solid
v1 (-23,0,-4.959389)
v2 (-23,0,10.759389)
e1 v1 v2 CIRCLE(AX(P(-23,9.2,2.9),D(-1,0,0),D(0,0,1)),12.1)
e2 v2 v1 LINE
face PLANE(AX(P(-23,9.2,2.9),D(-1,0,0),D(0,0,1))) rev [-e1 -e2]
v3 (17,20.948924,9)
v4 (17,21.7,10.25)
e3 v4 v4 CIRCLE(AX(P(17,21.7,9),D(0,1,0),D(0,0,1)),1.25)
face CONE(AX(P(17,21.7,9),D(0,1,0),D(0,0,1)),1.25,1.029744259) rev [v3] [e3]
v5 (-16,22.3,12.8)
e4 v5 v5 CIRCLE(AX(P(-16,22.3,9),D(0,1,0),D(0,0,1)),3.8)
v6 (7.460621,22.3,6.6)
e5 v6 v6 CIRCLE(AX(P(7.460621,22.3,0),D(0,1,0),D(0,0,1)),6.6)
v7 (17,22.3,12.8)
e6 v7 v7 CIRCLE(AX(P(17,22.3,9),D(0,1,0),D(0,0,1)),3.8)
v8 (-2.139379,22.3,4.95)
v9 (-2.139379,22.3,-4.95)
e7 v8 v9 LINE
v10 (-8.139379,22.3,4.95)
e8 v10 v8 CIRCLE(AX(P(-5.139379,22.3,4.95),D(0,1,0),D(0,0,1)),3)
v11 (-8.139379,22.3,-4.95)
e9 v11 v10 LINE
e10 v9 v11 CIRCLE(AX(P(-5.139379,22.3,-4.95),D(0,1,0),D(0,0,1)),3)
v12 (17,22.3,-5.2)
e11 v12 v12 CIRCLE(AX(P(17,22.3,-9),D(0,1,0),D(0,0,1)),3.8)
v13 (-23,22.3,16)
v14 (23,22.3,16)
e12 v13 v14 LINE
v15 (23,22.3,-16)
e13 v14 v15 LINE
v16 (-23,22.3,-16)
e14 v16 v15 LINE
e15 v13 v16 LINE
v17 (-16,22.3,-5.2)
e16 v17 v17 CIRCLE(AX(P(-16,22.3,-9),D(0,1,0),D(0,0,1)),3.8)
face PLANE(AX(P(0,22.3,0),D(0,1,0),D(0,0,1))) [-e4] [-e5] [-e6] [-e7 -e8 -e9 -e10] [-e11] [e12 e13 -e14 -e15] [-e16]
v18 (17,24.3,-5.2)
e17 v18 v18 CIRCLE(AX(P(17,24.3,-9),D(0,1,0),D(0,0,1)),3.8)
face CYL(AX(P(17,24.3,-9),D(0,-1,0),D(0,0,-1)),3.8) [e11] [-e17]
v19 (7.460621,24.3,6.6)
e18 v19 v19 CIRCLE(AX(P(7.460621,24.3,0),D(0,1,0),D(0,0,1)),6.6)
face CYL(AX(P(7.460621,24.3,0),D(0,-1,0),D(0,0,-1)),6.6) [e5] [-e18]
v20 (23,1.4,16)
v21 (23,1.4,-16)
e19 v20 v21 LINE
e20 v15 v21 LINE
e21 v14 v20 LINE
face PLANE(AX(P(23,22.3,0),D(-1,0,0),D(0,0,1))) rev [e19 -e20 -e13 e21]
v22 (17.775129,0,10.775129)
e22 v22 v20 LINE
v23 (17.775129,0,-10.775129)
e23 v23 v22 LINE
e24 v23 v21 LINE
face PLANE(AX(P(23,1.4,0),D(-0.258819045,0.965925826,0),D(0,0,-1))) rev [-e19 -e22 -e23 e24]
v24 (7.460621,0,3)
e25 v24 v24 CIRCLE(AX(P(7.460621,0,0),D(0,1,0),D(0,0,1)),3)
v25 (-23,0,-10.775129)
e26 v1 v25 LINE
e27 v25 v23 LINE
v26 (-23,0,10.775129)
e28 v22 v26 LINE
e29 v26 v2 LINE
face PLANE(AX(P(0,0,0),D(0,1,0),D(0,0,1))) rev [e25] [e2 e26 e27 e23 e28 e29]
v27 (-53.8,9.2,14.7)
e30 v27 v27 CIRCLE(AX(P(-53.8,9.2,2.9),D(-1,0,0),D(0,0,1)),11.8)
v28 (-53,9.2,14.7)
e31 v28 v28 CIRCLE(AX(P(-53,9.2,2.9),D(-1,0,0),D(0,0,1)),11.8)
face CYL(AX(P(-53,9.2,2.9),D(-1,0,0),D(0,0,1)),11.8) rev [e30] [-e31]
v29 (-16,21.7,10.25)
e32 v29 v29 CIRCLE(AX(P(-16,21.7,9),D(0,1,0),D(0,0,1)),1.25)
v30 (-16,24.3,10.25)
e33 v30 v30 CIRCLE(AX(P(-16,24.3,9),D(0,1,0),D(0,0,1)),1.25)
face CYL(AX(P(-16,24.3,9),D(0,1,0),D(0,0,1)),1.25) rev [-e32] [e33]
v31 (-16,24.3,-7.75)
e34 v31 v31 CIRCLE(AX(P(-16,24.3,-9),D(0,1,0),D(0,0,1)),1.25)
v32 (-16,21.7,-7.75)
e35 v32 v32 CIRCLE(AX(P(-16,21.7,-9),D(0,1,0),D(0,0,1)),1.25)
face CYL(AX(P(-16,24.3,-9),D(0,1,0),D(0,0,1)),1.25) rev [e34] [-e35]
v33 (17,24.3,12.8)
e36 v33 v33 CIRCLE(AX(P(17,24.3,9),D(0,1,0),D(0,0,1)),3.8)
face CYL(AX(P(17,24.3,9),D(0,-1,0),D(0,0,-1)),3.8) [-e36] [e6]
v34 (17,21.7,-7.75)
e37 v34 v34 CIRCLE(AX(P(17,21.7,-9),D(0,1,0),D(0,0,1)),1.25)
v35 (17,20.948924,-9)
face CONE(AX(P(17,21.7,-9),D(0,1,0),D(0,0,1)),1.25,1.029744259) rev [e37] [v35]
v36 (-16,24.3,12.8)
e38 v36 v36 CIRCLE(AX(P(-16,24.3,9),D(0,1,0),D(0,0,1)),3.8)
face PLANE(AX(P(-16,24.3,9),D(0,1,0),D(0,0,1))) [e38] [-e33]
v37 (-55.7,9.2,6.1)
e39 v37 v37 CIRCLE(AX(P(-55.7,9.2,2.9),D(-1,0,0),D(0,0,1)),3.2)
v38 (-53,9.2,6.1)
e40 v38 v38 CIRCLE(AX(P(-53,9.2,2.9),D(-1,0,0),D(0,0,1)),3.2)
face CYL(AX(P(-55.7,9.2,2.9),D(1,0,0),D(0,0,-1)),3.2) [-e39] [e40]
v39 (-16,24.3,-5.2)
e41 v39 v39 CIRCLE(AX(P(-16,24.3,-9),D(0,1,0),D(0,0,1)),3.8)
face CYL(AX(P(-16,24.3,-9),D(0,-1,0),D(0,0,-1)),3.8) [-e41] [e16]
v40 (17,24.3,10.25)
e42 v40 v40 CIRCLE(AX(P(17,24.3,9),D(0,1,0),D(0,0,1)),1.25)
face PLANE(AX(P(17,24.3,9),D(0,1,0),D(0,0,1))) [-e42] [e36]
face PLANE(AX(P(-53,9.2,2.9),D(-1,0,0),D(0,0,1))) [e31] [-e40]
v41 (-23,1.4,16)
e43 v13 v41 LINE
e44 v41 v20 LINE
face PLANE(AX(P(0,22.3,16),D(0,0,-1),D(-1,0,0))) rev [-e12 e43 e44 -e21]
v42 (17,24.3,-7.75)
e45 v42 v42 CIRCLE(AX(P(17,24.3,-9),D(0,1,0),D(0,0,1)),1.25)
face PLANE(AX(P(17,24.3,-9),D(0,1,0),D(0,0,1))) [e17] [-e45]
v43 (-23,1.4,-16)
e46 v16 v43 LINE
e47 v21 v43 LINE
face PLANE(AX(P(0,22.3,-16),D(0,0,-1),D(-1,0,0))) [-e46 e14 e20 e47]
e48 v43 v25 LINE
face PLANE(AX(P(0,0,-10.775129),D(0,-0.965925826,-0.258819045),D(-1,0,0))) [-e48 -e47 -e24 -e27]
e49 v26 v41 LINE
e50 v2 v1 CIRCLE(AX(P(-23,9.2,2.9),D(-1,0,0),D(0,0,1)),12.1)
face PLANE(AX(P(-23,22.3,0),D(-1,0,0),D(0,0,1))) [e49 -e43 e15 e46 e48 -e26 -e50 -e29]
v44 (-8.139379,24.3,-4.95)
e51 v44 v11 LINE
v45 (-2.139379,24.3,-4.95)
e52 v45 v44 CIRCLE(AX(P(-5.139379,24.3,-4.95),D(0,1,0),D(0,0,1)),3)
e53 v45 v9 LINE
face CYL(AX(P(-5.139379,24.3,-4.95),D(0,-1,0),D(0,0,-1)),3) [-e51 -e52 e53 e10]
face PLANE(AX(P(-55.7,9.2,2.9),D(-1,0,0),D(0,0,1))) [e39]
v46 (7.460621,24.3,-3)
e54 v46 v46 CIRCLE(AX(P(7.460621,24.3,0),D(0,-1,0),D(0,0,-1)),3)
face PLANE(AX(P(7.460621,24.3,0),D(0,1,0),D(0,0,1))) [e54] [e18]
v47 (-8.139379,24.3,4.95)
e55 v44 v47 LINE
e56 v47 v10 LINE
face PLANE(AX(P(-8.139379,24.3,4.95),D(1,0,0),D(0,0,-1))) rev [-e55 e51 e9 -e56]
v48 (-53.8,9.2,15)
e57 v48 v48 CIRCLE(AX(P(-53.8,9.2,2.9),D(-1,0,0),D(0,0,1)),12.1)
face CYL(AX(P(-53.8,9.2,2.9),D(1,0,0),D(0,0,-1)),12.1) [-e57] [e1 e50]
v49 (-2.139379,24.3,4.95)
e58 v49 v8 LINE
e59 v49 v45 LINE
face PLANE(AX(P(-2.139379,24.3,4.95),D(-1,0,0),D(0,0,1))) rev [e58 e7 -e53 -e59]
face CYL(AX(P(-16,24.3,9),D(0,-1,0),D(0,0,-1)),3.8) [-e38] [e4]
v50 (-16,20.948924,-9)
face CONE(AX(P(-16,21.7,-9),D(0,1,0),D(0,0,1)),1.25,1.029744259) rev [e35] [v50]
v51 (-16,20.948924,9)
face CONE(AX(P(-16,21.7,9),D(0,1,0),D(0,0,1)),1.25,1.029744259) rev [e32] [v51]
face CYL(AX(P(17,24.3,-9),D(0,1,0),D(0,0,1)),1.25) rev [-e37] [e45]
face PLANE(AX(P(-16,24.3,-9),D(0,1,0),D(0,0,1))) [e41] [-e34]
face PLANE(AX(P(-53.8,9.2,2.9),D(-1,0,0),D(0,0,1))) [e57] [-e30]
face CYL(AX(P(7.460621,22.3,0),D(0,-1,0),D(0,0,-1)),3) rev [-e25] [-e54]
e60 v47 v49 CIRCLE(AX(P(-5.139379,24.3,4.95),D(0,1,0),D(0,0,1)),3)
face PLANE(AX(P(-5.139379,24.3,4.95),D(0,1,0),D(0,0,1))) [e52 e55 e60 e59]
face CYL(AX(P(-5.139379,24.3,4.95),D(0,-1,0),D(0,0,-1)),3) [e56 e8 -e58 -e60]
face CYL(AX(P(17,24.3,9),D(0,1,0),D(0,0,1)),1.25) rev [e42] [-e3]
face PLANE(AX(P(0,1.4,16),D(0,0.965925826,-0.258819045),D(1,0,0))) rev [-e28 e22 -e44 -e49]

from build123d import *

# Parameters (mm, degrees)
SKETCH1_W                       = 46
SKETCH1_H                       = 32
SKETCH1_R                       = 3
BOSS_EXTRUDE1_DEPTH             = 22.3
SKETCH3_R                       = 3.8
SKETCH3_R_2                     = 6.6
BOSS_EXTRUDE3_DEPTH             = 2
SKETCH4_R                       = 3
CUT_EXTRUDE1_DEPTH              = 3
SKETCH2_R                       = 12.1
BOSS_EXTRUDE2_DEPTH             = 30.8
CHAMFER1_SIZE                   = 1.4
CHAMFER1_SIZE2                  = 5.224871131
CHAMFER1_PART_2_SIZE            = 1.4
CHAMFER1_PART_2_SIZE2           = 5.224871131
CHAMFER1_PART_3_SIZE            = 1.4
CHAMFER1_PART_3_SIZE2           = 5.224871131
TAP_DRILL_FOR_M3X0_5_TAP1_D     = 2.5
TAP_DRILL_FOR_M3X0_5_TAP1_DEPTH = 2.6
TAP_DRILL_FOR_M3X0_5_TAP1_TIP   = 0.751075774
SKETCH8_R                       = 11.8
CUT_EXTRUDE2_DEPTH              = 0.8
SKETCH7_R                       = 3.2
BOSS_EXTRUDE5_DEPTH             = 2.7


with BuildPart() as part:
    # Sketch1 → Boss-Extrude1 (new body)
    with BuildSketch(Plane(origin=(0, 0, 0), x_dir=(1, 0, 0), z_dir=(0, 1, 0))):
        Rectangle(SKETCH1_W, SKETCH1_H)
        with Locations((7.460620525, 0)):
            Circle(SKETCH1_R, mode=Mode.SUBTRACT)
    extrude(amount=BOSS_EXTRUDE1_DEPTH)

    # Sketch3 → Boss-Extrude3 (add)
    with BuildSketch(Plane(origin=(0, 22.3, 0), x_dir=(1, 0, 0), z_dir=(0, 1, 0))):
        with Locations((-16, -9)):
            Circle(SKETCH3_R)
        with Locations((7.460620525, 0)):
            Circle(SKETCH3_R_2)
        with Locations((17, -9)):
            Circle(SKETCH3_R)
        with Locations((17, 9)):
            Circle(SKETCH3_R)
        with Locations((-16, 9)):
            Circle(SKETCH3_R)
        with BuildLine():
            Line((-8.139379475, -4.95), (-8.139379475, 4.95))
            ThreePointArc((-8.139379475, 4.95), (-5.139379475, 7.95), (-2.139379475, 4.95))
            Line((-2.139379475, 4.95), (-2.139379475, -4.95))
            ThreePointArc((-2.139379475, -4.95), (-5.139379475, -7.95), (-8.139379475, -4.95))
        make_face()
    extrude(amount=BOSS_EXTRUDE3_DEPTH)

    # Sketch4 → Cut-Extrude1 (cut, through all)
    with BuildSketch(Plane.XZ.offset(-22.3)):
        with Locations((7.460620525, 0)):
            Circle(SKETCH4_R)
    extrude(amount=-CUT_EXTRUDE1_DEPTH, mode=Mode.SUBTRACT)

    # Sketch2 → Boss-Extrude2 (add)
    with BuildSketch(Plane.ZY.offset(23)):
        with Locations((2.9, 9.2)):
            Circle(SKETCH2_R)
    extrude(amount=BOSS_EXTRUDE2_DEPTH)

    # Chamfer1
    chamfer1_edges = [part.edges().sort_by_distance(p)[0] for p in [
        (0, 0, -16),
    ]]
    chamfer1_side = [part.faces().sort_by_distance(p)[0] for p in [
        (0, 11.15, -16),
    ]]
    chamfer(chamfer1_edges, length=CHAMFER1_SIZE, length2=CHAMFER1_SIZE2, reference=chamfer1_side[0])

    # Chamfer1 part 2
    chamfer1_part_2_edges = [part.edges().sort_by_distance(p)[0] for p in [
        (23, 0, 0),
    ]]
    chamfer1_part_2_side = [part.faces().sort_by_distance(p)[0] for p in [
        (23, 11.15, 0),
    ]]
    chamfer(chamfer1_part_2_edges, length=CHAMFER1_PART_2_SIZE, length2=CHAMFER1_PART_2_SIZE2, reference=chamfer1_part_2_side[0])

    # Chamfer1 part 3
    chamfer1_part_3_edges = [part.edges().sort_by_distance(p)[0] for p in [
        (0, 0, 16),
    ]]
    chamfer1_part_3_side = [part.faces().sort_by_distance(p)[0] for p in [
        (0, 11.15, 16),
    ]]
    chamfer(chamfer1_part_3_edges, length=CHAMFER1_PART_3_SIZE, length2=CHAMFER1_PART_3_SIZE2, reference=chamfer1_part_3_side[0])

    # Tap Drill for M3x0.5 Tap1
    with Locations(Plane(origin=(0, 24.3, 0), x_dir=(1, 0, 0), z_dir=(0, 1, 0))):
        with Locations((-16, -9), (-16, 9), (17, 9), (17, -9)):
            Hole(TAP_DRILL_FOR_M3X0_5_TAP1_D / 2, depth=TAP_DRILL_FOR_M3X0_5_TAP1_DEPTH)
            with Locations((0, 0, -(TAP_DRILL_FOR_M3X0_5_TAP1_DEPTH + TAP_DRILL_FOR_M3X0_5_TAP1_TIP / 2))):  # 118° drill point
                Cone(0, TAP_DRILL_FOR_M3X0_5_TAP1_D / 2, TAP_DRILL_FOR_M3X0_5_TAP1_TIP, mode=Mode.SUBTRACT)

    # Sketch8 → Cut-Extrude2 (cut)
    with BuildSketch(Plane.ZY.offset(53.8)):
        with Locations((2.9, 9.2)):
            Circle(SKETCH8_R)
    extrude(amount=-CUT_EXTRUDE2_DEPTH, mode=Mode.SUBTRACT)

    # Sketch7 → Boss-Extrude5 (add)
    with BuildSketch(Plane.ZY.offset(53)):
        with Locations((2.9, 9.2)):
            Circle(SKETCH7_R)
    extrude(amount=BOSS_EXTRUDE5_DEPTH)


solid = part.part
